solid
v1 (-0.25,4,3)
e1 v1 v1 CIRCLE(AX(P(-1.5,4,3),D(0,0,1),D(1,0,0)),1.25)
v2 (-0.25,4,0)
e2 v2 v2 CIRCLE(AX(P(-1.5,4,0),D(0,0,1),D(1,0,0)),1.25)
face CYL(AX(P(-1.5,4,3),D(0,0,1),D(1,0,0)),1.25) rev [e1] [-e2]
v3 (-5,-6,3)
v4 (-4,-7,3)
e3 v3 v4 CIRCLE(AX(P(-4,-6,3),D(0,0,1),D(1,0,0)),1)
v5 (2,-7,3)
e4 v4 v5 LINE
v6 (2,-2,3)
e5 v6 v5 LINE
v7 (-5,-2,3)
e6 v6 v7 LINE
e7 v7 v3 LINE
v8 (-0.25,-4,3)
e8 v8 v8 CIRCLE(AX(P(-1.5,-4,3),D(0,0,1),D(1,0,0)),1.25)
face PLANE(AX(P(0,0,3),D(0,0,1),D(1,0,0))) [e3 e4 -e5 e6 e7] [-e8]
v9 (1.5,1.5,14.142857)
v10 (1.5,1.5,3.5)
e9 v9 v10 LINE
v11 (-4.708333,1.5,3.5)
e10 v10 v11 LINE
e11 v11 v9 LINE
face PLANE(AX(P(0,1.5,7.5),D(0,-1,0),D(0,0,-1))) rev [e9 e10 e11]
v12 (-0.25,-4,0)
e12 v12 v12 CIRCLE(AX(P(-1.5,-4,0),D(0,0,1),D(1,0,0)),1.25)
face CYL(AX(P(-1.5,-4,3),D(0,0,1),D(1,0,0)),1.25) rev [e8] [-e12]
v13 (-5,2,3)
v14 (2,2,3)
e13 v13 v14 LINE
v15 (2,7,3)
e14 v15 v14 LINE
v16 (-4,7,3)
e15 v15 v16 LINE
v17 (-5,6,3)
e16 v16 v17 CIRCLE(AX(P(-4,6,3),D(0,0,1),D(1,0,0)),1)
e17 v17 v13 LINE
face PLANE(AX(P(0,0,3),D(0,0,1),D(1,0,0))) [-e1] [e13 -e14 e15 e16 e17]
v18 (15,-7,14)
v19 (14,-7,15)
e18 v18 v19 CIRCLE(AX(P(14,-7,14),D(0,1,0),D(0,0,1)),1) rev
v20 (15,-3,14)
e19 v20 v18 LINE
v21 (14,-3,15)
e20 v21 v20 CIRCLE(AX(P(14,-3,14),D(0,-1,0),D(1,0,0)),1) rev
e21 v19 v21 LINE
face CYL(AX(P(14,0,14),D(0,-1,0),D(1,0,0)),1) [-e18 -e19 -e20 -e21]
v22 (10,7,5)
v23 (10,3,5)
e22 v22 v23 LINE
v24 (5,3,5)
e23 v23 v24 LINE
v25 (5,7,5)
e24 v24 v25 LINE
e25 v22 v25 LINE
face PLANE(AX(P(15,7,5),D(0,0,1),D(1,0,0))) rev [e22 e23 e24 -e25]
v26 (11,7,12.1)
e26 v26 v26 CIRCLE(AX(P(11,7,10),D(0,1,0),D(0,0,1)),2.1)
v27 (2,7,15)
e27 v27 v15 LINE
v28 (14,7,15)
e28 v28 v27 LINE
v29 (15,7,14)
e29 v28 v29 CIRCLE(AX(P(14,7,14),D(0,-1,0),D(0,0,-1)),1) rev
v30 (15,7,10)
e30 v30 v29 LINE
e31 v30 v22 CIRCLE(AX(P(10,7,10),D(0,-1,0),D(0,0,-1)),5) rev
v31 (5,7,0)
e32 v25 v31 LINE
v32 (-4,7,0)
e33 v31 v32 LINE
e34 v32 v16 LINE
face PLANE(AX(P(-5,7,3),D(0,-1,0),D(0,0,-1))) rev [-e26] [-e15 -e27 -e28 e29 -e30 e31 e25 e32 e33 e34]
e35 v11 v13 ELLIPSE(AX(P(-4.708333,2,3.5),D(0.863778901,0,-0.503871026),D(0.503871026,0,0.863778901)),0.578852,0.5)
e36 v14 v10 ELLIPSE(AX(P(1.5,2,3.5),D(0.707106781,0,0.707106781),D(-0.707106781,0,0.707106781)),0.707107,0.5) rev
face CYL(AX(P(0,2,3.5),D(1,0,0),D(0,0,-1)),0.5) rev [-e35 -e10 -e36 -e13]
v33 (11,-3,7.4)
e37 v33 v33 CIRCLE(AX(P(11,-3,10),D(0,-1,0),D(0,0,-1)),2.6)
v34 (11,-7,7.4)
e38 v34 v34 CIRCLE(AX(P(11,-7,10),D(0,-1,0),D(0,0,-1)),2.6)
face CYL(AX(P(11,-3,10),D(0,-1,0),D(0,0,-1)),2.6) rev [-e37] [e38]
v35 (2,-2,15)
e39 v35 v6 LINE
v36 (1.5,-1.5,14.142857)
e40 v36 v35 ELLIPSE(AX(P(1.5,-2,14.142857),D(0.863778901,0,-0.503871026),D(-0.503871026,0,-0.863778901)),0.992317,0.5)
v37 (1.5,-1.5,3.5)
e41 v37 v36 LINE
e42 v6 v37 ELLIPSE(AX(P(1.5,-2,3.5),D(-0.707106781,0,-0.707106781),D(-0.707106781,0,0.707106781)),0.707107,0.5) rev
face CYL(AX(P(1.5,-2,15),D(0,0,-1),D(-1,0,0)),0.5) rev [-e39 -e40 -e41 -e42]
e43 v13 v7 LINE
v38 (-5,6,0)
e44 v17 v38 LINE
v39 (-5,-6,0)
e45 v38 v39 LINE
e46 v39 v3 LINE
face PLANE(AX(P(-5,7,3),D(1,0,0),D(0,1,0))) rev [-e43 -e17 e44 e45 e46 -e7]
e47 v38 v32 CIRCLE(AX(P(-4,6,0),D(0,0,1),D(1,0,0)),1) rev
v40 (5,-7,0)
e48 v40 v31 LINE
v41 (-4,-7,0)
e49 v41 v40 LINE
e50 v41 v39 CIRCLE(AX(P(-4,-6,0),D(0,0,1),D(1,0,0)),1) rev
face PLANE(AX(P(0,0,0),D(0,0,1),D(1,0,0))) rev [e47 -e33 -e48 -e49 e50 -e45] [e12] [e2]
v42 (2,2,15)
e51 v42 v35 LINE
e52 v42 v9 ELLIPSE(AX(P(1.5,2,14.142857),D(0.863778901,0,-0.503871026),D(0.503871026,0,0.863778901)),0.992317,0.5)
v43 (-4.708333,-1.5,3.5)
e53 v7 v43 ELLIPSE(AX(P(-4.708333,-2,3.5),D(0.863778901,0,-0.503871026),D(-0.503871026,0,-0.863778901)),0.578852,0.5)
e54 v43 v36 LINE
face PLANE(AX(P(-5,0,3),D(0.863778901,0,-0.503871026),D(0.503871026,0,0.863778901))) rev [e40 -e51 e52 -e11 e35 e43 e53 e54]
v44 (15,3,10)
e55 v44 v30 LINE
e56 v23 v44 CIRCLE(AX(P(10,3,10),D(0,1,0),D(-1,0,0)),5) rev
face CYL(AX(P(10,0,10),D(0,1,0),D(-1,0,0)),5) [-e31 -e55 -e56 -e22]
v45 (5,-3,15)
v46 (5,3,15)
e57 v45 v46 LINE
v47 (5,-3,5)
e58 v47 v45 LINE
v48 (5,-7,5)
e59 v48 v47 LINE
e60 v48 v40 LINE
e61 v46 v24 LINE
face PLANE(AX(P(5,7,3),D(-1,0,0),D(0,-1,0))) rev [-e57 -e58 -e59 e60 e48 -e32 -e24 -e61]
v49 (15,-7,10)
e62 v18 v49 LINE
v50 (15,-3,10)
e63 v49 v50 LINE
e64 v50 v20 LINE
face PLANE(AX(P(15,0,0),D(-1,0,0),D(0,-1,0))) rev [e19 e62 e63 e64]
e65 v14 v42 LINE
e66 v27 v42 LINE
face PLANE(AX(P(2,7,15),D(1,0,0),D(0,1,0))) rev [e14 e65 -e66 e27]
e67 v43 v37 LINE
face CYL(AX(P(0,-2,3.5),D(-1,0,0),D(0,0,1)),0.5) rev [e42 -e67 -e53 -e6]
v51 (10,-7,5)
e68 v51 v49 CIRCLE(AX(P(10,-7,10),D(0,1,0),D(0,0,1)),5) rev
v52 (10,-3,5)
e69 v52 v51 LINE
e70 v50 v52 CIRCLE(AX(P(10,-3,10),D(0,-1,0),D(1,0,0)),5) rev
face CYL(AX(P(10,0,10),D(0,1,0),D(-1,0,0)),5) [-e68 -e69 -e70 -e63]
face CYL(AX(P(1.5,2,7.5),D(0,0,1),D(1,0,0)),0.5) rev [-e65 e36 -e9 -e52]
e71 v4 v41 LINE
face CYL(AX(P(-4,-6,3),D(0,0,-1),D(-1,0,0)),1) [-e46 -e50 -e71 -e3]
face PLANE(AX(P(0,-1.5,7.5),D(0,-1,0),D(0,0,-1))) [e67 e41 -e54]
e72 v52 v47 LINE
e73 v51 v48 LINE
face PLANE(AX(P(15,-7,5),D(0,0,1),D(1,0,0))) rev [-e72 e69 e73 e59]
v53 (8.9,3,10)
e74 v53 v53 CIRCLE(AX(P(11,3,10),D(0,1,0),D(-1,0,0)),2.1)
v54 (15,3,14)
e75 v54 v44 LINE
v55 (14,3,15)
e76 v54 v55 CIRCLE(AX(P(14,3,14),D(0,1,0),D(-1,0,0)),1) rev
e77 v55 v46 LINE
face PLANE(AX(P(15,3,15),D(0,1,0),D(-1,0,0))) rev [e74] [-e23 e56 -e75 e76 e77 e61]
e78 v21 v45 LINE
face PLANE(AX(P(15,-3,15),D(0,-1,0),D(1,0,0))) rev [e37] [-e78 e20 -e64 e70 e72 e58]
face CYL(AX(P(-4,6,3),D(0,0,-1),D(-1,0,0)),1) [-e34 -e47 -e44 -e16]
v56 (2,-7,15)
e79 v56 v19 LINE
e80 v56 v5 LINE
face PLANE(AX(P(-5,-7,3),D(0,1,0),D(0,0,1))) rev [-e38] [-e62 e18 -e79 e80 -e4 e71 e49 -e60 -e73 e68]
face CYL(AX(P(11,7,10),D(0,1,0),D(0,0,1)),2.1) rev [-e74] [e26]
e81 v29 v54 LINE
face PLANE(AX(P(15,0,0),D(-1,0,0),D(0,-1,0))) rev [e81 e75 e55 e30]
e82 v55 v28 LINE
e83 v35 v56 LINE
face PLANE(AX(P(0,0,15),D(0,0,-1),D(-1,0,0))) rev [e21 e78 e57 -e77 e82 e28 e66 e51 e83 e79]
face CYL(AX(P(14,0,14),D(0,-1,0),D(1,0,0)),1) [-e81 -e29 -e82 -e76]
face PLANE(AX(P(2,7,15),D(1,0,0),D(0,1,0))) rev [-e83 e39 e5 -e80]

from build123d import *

# Parameters (mm, degrees)
SKETCH_1_W          = 10
SKETCH_1_H          = 14
EXTRUDE_1_DEPTH     = 3
SKETCH_2_W          = 3
SKETCH_2_H          = 14
EXTRUDE_2_DEPTH     = 12
RIB_1_REACH         = 19.292
SKETCH_3_WALL_W     = 50.475676922
SKETCH_3_WALL_H     = 3
HOLE_WIZARD_M3_2_D  = 2.5
SKETCH_7_W          = 10
SKETCH_7_H          = 4
EXTRUDE_3_DEPTH     = 10
FILLET_1_R          = 1
FILLET_2_R          = 0.5
FILLET_3_R          = 1
SKETCH_8_R          = 2.6
CUT_EXTRUDE_3_DEPTH = 4
HOLE_WIZARD_M5_1_D  = 4.2
FILLET_5_R          = 5


with BuildPart() as part:
    # 草图1 → 凸台-拉伸1 (new body)
    with BuildSketch(Plane.XY):
        Rectangle(SKETCH_1_W, SKETCH_1_H)
    extrude(amount=EXTRUDE_1_DEPTH)

    # 草图2 → 凸台-拉伸2 (add)
    with BuildSketch(Plane.XY.offset(3)):
        with Locations((3.5, 0)):
            Rectangle(SKETCH_2_W, SKETCH_2_H)
    extrude(amount=EXTRUDE_2_DEPTH)

    # 草图3 wall → 筋1 (add, up to next)
    with BuildSketch(Plane(origin=(-1.5, 0, 9), x_dir=(0.503871025524, 0, 0.863778900898), z_dir=(-0.863778900898, 0, 0.503871025524)), mode=Mode.PRIVATE) as rib_1_sk1:
        Rectangle(SKETCH_3_WALL_W, SKETCH_3_WALL_H)
    rib_1_tool1 = extrude(rib_1_sk1.sketch, amount=-RIB_1_REACH, mode=Mode.PRIVATE) - part.part
    add(rib_1_tool1.solids().sort_by_distance((-1.5, 0, 9))[0])

    # M3 螺纹孔2 (through all)
    with Locations(Plane(origin=(-1.5, 4, 3), x_dir=(1, 0, 0), z_dir=(0, 0, 1))):
        with Locations((0, 0), (0, -8)):
            Hole(HOLE_WIZARD_M3_2_D / 2)

    # 草图7 → 凸台-拉伸3 (add)
    with BuildSketch(Plane(origin=(5, 0, 0), x_dir=(0, 0, -1), z_dir=(1, 0, 0))):
        with Locations((-10, -5)):
            Rectangle(SKETCH_7_W, SKETCH_7_H)
        with Locations((-10, 5)):
            Rectangle(SKETCH_7_W, SKETCH_7_H)
    extrude(amount=EXTRUDE_3_DEPTH)

    # 圆角1
    fillet_1_edges = [part.edges().sort_by_distance(p)[0] for p in [
        (15, -5, 15),
        (15, 5, 15),
    ]]
    fillet(fillet_1_edges, radius=FILLET_1_R)

    # 圆角2
    fillet_2_edges = [part.edges().sort_by_distance(p)[0] for p in [
        (2, -1.5, 9),
        (-1.5, 1.5, 3),
        (-1.5, -1.5, 3),
        (2, 1.5, 9),
    ]]
    fillet(fillet_2_edges, radius=FILLET_2_R)

    # 圆角3
    fillet_3_edges = [part.edges().sort_by_distance(p)[0] for p in [
        (-5, -7, 1.5),
        (-5, 7, 1.5),
    ]]
    fillet(fillet_3_edges, radius=FILLET_3_R)

    # 草图8 → 切除-拉伸3 (cut)
    with BuildSketch(Plane.XZ.offset(7)):
        with Locations(Location((11, 10, 0), (0, 0, 270))):
            Circle(SKETCH_8_R)
    extrude(amount=-CUT_EXTRUDE_3_DEPTH, mode=Mode.SUBTRACT)

    # M5 螺纹孔1 (through all)
    with Locations(Plane(origin=(0, 7, 0), x_dir=(1, 0, 0), z_dir=(0, 1, 0))):
        with Locations((11, -10)):
            Hole(HOLE_WIZARD_M5_1_D / 2)

    # 圆角5
    fillet_5_edges = [part.edges().sort_by_distance(p)[0] for p in [
        (15, -5, 5),
        (15, 5, 5),
    ]]
    fillet(fillet_5_edges, radius=FILLET_5_R)


solid = part.part
